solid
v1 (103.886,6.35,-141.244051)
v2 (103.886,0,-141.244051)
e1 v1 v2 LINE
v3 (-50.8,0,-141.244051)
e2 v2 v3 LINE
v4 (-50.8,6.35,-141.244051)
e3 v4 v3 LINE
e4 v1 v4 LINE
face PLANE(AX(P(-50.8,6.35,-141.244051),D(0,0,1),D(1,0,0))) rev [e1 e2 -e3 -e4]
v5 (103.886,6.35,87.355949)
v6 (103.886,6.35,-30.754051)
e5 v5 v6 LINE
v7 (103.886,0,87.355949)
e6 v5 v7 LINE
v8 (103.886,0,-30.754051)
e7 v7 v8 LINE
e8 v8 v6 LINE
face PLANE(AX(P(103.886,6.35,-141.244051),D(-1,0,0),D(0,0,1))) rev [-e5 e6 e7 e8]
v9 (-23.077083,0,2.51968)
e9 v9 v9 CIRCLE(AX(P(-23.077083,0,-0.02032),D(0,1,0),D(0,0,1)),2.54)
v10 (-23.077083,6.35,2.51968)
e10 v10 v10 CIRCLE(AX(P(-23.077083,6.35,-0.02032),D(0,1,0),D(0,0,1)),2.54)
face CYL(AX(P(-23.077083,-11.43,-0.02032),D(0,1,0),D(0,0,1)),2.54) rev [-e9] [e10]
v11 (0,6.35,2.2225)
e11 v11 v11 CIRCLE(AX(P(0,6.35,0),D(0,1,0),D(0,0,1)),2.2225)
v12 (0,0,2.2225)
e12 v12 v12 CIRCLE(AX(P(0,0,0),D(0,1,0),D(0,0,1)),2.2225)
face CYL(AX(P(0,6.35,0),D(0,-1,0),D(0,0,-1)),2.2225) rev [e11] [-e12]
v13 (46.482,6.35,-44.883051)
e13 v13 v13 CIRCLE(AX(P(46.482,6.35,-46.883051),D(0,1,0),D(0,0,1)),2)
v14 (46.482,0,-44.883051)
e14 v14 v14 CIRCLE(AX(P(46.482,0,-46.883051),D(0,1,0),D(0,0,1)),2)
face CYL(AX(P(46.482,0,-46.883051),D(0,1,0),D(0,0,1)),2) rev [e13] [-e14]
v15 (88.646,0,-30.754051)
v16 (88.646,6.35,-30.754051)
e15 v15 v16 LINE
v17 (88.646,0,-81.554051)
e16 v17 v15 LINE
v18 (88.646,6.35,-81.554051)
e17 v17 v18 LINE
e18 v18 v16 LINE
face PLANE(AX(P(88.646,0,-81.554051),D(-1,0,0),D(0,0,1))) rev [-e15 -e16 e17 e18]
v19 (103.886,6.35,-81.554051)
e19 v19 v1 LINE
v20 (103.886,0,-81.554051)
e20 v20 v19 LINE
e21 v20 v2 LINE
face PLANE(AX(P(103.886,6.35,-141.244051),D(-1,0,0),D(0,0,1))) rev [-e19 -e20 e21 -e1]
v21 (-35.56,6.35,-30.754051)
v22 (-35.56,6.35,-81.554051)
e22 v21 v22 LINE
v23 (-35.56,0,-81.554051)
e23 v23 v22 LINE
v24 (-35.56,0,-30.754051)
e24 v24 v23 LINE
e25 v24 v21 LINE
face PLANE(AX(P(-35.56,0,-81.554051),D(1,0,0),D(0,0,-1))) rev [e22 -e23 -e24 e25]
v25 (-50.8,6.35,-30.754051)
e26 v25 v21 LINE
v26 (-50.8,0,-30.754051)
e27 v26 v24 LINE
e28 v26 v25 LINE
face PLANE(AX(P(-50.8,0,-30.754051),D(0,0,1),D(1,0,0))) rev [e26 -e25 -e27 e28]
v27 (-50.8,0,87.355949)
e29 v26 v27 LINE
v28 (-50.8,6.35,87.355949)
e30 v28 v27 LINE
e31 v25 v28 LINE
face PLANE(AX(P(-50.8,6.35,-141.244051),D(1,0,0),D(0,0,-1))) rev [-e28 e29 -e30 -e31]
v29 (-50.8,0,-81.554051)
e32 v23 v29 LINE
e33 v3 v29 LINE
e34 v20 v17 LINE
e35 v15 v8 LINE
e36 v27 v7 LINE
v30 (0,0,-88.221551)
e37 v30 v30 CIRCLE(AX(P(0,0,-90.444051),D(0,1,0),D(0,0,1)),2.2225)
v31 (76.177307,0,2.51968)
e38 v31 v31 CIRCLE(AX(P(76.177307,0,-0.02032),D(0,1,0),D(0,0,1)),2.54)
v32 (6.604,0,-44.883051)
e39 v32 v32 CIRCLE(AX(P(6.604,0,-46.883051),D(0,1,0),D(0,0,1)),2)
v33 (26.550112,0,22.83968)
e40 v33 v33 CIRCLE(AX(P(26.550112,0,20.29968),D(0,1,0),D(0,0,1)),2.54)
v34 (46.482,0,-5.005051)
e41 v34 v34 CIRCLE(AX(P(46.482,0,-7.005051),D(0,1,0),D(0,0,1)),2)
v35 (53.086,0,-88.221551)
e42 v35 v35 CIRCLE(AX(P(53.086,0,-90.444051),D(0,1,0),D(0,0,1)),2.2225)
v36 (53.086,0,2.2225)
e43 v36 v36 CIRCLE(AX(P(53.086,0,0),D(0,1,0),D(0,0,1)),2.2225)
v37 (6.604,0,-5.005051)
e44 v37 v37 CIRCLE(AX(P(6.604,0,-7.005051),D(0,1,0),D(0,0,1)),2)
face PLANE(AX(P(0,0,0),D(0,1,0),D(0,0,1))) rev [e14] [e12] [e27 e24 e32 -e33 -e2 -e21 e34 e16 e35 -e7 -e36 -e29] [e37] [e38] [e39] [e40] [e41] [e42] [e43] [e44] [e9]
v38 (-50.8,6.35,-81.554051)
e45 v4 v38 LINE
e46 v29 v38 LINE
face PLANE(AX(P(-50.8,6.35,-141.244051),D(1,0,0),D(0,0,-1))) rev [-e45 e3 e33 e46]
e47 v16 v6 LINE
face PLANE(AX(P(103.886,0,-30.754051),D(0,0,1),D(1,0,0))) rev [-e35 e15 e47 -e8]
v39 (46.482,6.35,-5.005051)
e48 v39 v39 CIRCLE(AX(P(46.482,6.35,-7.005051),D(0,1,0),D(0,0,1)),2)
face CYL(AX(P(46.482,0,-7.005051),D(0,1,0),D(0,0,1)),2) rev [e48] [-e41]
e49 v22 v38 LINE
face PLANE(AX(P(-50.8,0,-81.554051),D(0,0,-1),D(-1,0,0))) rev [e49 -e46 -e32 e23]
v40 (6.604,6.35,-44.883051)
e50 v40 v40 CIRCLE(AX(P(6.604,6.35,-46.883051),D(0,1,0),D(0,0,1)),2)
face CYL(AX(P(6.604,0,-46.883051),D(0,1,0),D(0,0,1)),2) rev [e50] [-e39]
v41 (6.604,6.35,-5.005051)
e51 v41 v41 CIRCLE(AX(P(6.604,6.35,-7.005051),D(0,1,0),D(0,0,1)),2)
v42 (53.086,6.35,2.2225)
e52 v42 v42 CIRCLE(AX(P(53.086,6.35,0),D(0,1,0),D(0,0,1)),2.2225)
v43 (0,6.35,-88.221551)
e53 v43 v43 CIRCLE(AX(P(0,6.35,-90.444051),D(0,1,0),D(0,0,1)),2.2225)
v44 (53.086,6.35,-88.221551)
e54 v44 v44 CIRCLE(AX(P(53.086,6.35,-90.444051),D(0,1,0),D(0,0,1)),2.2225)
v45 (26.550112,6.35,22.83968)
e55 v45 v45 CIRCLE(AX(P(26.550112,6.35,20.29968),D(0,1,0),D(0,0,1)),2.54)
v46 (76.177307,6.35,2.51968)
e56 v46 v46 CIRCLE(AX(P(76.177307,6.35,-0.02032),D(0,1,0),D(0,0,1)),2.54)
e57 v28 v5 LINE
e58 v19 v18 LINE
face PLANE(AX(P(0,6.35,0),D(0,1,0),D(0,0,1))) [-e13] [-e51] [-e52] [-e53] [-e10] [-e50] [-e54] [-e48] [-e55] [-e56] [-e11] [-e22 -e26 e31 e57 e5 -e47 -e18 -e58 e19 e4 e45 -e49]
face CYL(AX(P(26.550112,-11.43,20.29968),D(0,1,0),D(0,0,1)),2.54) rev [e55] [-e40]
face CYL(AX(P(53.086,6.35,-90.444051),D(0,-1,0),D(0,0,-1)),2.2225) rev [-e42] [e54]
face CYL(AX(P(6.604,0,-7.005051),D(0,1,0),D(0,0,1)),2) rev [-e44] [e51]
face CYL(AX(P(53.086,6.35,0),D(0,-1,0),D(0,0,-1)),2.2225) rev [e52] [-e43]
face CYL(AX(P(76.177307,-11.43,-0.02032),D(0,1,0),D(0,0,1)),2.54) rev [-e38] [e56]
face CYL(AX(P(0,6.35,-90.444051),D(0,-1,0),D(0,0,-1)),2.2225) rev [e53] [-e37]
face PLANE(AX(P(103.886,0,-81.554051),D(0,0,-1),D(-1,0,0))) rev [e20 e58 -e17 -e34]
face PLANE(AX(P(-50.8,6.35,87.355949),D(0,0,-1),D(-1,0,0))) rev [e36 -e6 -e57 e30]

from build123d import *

# Parameters (mm, degrees)
SKETCH2_W           = 154.686
SKETCH2_H           = 228.6
BOSS_EXTRUDE1_DEPTH = 6.35
SKETCH1_R           = 2.2225
CUT_EXTRUDE1_DEPTH  = 6.35
SKETCH3_W           = 15.24
SKETCH3_H           = 50.8
CUT_EXTRUDE2_DEPTH  = 6.35
SKETCH8_R           = 2.54
CUT_EXTRUDE3_DEPTH  = 17.78
SKETCH10_R          = 2
CUT_EXTRUDE4_DEPTH  = 7.35


with BuildPart() as part:
    # Sketch2 → Boss-Extrude1 (new body)
    with BuildSketch(Plane(origin=(0, 0, 0), x_dir=(1, 0, 0), z_dir=(0, 1, 0))):
        with Locations((26.543, 26.944051327)):
            Rectangle(SKETCH2_W, SKETCH2_H)
    extrude(amount=BOSS_EXTRUDE1_DEPTH)

    # Sketch1 → Cut-Extrude1 (cut)
    with BuildSketch(Plane(origin=(0, 0, 0), x_dir=(1, 0, 0), z_dir=(0, 1, 0))):
        with Locations((0, 90.444051327)):
            Circle(SKETCH1_R)
        with Locations((53.086, 90.444051327)):
            Circle(SKETCH1_R)
        Circle(SKETCH1_R)
        with Locations((53.086, 0)):
            Circle(SKETCH1_R)
    extrude(amount=CUT_EXTRUDE1_DEPTH, mode=Mode.SUBTRACT)

    # Sketch3 → Cut-Extrude2 (cut)
    with BuildSketch(Plane(origin=(0, 6.35, 0), x_dir=(1, 0, 0), z_dir=(0, 1, 0))):
        with Locations((96.266, 56.154051327)):
            Rectangle(SKETCH3_W, SKETCH3_H)
        with Locations((-43.18, 56.154051327)):
            Rectangle(SKETCH3_W, SKETCH3_H)
    extrude(amount=-CUT_EXTRUDE2_DEPTH, mode=Mode.SUBTRACT)

    # Sketch8 → Cut-Extrude3 (cut)
    with BuildSketch(Plane(origin=(0, 6.35, 0), x_dir=(1, 0, 0), z_dir=(0, 1, 0))):
        with Locations((26.550112, -20.29968)):
            Circle(SKETCH8_R)
        with Locations((-23.077082804, 0.02032)):
            Circle(SKETCH8_R)
        with Locations((76.177306804, 0.02032)):
            Circle(SKETCH8_R)
    extrude(amount=-CUT_EXTRUDE3_DEPTH, mode=Mode.SUBTRACT)

    # Sketch10 → Cut-Extrude4 (cut, through all)
    with BuildSketch(Plane(origin=(0, 6.35, 0), x_dir=(1, 0, 0), z_dir=(0, 1, 0))):
        with Locations((6.604, 7.005051327)):
            Circle(SKETCH10_R)
        with Locations((46.482, 7.005051327)):
            Circle(SKETCH10_R)
        with Locations((46.482, 46.883051327)):
            Circle(SKETCH10_R)
        with Locations((6.604, 46.883051327)):
            Circle(SKETCH10_R)
    extrude(amount=-CUT_EXTRUDE4_DEPTH, mode=Mode.SUBTRACT)


solid = part.part
